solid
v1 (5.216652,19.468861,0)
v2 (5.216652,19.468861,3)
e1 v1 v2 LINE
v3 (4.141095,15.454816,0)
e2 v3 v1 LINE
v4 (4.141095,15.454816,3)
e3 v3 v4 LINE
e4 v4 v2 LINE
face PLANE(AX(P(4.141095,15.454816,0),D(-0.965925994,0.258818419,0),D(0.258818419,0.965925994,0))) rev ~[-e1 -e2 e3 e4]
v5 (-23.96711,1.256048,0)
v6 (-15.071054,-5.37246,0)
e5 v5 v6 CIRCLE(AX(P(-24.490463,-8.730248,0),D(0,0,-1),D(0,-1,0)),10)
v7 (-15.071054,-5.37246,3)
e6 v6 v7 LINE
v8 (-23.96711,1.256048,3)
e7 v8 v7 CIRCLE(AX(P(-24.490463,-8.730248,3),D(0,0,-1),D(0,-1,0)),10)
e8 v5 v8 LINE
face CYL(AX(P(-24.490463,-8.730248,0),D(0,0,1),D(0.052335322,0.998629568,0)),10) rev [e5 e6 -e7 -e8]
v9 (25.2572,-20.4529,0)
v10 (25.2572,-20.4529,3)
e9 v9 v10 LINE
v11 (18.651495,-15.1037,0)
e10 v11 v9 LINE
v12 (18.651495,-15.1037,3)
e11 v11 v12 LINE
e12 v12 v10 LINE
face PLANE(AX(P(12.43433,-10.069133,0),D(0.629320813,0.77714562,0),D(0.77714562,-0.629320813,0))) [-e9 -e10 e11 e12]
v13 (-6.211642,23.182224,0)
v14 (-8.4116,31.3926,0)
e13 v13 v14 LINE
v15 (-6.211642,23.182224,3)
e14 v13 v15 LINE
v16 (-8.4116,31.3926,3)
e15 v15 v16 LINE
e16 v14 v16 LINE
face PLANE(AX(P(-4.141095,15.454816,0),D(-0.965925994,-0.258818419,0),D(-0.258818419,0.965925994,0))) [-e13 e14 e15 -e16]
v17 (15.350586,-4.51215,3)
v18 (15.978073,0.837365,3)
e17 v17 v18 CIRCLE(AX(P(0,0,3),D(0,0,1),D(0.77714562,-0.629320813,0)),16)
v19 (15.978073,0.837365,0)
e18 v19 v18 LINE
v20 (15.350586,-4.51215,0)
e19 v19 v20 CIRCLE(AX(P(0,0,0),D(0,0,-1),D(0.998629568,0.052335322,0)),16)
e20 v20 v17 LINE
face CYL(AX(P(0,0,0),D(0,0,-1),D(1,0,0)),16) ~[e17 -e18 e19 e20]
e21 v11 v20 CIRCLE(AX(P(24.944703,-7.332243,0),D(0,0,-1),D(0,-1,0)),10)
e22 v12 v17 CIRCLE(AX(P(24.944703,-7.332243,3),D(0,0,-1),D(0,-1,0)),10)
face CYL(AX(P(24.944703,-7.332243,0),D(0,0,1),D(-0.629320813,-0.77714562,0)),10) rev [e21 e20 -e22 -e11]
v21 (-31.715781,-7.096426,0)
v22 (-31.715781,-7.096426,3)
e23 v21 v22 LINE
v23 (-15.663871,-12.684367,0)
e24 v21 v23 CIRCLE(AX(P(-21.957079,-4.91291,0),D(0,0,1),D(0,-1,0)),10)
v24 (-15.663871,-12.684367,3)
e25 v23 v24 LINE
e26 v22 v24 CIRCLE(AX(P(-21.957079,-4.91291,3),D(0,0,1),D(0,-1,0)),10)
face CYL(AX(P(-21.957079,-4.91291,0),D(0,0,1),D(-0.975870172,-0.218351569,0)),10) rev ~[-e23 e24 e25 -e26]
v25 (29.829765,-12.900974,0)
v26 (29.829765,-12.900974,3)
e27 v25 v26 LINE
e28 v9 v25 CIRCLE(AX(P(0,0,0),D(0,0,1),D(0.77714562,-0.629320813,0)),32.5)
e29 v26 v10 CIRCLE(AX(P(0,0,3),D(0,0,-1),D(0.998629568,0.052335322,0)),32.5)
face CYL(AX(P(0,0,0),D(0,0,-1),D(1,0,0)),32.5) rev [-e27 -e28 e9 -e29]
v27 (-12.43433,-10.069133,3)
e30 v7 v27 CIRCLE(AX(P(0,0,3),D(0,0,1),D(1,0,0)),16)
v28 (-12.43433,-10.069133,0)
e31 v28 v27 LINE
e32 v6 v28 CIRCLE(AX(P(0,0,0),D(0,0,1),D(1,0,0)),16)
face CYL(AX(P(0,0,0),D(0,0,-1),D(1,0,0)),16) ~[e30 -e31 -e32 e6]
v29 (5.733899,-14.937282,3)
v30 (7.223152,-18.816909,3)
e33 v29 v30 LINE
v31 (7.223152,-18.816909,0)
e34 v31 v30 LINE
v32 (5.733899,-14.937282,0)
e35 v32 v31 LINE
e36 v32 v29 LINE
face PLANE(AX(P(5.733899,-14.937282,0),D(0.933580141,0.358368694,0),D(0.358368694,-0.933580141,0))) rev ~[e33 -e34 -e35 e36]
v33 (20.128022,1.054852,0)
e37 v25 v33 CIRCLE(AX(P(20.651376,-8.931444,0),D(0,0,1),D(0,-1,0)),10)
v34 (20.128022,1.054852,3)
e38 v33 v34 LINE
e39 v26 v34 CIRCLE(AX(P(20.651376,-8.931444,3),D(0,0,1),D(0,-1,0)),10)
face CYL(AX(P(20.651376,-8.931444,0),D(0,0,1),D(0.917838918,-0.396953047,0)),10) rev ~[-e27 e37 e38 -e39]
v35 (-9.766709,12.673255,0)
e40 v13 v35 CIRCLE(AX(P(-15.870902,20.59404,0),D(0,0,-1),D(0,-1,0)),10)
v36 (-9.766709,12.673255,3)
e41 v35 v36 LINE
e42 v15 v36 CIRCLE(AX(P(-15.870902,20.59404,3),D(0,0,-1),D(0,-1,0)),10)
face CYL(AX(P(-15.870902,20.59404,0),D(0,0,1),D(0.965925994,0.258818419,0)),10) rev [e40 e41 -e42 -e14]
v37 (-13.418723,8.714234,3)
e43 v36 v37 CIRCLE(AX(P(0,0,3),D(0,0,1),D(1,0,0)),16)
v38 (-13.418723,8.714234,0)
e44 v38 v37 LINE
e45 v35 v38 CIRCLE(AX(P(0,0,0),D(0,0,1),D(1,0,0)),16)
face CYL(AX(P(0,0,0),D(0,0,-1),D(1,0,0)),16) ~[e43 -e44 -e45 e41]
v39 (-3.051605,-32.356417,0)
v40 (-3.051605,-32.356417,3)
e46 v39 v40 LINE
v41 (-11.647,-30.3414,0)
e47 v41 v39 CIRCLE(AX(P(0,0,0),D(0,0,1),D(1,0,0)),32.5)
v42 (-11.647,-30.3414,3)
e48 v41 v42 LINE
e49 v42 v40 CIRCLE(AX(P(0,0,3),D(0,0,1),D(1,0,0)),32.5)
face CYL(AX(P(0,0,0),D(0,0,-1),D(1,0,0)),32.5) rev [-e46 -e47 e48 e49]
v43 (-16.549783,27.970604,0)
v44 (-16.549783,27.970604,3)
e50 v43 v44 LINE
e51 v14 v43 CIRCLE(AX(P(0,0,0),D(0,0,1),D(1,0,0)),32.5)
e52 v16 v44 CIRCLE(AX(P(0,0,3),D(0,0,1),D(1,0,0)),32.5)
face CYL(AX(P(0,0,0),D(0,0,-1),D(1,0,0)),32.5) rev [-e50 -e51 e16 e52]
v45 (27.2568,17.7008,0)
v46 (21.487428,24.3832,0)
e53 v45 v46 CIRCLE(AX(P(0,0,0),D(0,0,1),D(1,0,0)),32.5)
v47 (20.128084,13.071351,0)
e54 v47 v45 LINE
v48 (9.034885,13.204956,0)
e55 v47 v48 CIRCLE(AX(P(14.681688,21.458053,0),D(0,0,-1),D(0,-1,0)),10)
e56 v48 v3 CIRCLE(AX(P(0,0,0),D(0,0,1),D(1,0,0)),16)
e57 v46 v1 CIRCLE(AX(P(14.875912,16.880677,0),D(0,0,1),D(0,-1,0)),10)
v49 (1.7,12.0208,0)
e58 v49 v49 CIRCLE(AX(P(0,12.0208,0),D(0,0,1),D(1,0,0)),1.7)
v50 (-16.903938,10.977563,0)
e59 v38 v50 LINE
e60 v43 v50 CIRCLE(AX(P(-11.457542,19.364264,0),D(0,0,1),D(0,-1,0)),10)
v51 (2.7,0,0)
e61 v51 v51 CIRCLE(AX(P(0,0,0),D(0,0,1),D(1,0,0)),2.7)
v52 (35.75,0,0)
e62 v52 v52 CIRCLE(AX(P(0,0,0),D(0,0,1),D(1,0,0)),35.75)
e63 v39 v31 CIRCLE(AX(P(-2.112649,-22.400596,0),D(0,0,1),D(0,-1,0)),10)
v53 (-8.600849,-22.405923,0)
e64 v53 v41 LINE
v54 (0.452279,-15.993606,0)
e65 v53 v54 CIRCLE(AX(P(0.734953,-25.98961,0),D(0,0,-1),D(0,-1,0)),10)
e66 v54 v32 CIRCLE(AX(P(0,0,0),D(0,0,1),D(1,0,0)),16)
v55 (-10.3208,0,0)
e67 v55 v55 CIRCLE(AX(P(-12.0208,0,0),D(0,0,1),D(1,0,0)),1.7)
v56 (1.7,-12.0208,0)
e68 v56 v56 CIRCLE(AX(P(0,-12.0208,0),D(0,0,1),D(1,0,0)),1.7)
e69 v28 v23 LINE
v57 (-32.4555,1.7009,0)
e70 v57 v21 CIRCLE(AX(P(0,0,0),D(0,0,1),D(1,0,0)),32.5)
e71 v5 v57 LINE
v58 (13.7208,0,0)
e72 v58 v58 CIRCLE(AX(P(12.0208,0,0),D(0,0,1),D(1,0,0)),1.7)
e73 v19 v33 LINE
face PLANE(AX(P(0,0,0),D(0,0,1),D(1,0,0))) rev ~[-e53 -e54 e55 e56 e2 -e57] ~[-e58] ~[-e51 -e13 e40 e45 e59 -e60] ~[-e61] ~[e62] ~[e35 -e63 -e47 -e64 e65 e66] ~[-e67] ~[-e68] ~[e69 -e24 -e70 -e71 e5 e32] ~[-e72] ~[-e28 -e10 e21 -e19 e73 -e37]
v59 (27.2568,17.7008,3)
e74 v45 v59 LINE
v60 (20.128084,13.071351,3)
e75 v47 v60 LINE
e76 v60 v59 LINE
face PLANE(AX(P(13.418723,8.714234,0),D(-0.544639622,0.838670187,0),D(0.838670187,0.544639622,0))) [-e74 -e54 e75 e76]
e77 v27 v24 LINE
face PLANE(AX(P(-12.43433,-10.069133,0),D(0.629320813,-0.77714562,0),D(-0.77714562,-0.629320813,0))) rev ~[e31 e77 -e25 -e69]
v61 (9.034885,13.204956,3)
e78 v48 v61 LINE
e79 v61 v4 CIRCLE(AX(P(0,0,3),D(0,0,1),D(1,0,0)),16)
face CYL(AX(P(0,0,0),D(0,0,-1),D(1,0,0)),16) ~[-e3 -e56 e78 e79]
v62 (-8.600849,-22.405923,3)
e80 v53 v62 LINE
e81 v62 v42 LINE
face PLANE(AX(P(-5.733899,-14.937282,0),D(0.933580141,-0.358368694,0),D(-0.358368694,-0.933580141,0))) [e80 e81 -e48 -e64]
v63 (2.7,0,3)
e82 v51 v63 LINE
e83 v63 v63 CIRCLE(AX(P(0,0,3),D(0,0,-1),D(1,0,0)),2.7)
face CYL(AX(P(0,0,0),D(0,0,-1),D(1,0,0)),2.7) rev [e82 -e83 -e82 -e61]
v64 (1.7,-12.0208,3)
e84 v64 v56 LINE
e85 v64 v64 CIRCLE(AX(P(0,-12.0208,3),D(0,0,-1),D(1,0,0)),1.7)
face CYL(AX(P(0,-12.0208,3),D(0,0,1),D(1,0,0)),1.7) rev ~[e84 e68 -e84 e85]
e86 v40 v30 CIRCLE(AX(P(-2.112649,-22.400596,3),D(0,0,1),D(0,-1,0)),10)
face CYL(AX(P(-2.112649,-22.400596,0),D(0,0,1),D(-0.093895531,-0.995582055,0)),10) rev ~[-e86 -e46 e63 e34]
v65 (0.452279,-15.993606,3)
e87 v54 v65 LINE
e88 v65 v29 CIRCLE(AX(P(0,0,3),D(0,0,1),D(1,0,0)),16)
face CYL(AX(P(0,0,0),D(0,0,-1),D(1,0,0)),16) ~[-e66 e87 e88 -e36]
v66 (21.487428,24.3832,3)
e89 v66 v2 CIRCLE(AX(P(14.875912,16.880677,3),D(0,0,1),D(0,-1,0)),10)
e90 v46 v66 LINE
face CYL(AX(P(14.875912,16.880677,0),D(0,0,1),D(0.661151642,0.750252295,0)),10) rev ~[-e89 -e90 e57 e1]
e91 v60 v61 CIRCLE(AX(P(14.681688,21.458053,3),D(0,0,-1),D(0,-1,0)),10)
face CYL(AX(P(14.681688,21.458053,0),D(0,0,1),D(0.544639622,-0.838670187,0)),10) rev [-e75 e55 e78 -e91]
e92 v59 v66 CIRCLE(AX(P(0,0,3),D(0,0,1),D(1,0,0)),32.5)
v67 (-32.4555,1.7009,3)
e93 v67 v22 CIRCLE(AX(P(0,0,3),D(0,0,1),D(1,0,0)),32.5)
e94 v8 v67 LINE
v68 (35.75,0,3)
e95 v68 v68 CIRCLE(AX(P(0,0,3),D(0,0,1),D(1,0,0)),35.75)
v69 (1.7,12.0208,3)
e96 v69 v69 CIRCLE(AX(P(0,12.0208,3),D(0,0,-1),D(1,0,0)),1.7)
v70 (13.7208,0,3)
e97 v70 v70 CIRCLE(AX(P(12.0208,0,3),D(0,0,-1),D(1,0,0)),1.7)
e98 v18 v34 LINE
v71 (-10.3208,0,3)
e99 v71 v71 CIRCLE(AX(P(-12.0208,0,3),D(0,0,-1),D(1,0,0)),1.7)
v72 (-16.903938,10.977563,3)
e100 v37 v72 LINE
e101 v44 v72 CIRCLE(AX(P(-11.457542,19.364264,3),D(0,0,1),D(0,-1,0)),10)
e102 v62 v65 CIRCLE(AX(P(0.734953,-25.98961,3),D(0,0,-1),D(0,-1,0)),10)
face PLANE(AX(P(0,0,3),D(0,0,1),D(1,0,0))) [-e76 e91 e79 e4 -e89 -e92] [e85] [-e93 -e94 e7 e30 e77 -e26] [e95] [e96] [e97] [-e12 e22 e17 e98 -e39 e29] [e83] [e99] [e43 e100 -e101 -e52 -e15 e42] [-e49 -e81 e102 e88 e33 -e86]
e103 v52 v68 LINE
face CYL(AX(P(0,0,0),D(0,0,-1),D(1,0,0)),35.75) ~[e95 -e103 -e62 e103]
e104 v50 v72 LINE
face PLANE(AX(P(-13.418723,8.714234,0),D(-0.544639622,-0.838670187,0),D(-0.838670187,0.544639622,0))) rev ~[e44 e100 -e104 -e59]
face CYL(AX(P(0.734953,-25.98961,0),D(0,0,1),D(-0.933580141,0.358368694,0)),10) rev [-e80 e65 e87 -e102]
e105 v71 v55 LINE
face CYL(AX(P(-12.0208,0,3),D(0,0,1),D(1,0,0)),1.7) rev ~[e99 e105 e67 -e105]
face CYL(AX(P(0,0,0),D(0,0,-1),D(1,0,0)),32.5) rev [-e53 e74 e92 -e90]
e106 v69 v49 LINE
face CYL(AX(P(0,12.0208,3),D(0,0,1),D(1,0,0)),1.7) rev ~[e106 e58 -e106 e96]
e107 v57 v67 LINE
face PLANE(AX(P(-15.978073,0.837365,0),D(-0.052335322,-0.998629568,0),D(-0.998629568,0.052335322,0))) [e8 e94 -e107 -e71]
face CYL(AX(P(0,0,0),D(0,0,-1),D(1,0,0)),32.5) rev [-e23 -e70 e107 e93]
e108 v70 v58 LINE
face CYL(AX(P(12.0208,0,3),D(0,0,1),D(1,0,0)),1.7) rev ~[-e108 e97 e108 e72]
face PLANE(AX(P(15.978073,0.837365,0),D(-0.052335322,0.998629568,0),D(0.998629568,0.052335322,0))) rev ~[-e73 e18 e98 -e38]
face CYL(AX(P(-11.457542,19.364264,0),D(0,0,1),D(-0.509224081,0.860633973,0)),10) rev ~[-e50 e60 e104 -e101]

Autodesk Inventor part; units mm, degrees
ref_plane "YZ Plane" through (0, 0, 0) normal (1, 0, 0) x (0, 1, 0)
ref_plane "XZ Plane" through (0, 0, 0) normal (0, 1, 0) x (-1, 0, 0)
ref_plane "XY Plane" through (0, 0, 0) normal (0, 0, 1) x (1, 0, 0)
sketch "Sketch1" plane through (0, 0, 0) normal (0, 0, 1) x (1, 0, 0)
  circle A0 centre (0, 0) radius 35.75
  circle A1 centre (0, 0) radius 32.5
  circle A2 centre (0, 0) radius 16
  circle A3 centre (0, 0) radius 2.7
  line L0 (0, 0) -> (-8.4116, 31.3926)
  line L1 (0, 0) -> (8.4116, 31.3926)
  line L2 (0, 0) -> (0, 4.5704)
  line L3 (0, 0) -> (-32.4555, 1.7009)
  line L4 (0, 0) -> (-27.2568, 17.7008)
  line L5 (0, 0) -> (-11.647, -30.3414)
  line L6 (0, 0) -> (-25.2572, -20.4529)
  line L7 (0, 0) -> (25.2572, -20.4529)
  line L8 (0, 0) -> (11.647, -30.3414)
  line L9 (0, 0) -> (27.2568, 17.7008)
  line L10 (0, 0) -> (32.4555, 1.7009)
  point P0 (4.1411, 15.4548)
  point P1 (13.4187, 8.7142)
  point P2 (-4.1411, 15.4548)
  point P3 (-13.4187, 8.7142)
  point P4 (12.4343, -10.0691)
  point P5 (15.9781, 0.8374)
  point P6 (-5.7339, -14.9373)
  point P7 (5.7339, -14.9373)
  point P8 (-15.9781, 0.8374)
  point P9 (-12.4343, -10.0691)
  dimension "d0" = 71.5
  dimension "d1" = 65
  dimension "d2" = 5.4
  dimension "d3" = 32
  dimension "d4" = 15
  dimension "d5" = 15
  dimension "d8" = 360
extrude "Extrusion1" add sketch "Sketch1" along normal blind 3 contours A0 | L10 A2 L9 A1 | A1 L8 A2 L7 | L10 A3 L9 A2 | A2 L7 A3 L10 | A2 L8 A3 L7 | L1 A2 L0 A1 | L9 A3 L1 A2 | A1 L6 A2 L5 | A2 L5 A3 L8 | L1 A3 L0 A2 | A2 L6 A3 L5 | L4 A2 L3 A1 | L0 A3 L4 A2 | L3 A2 L4 A3 | A3 L6 A2 L3
fillet "Fillet1" radius 10 10 edges at (8.4116, 31.3926, 1.5) (-27.2568, 17.7008, 1.5) (-25.2572, -20.4529, 1.5) (11.647, -30.3414, 1.5) (32.4555, 1.7009, 1.5) (-15.9781, 0.8374, 1.5) (-4.1411, 15.4548, 1.5) (13.4187, 8.7142, 1.5) (12.4343, -10.0691, 1.5) (-5.7339, -14.9373, 1.5)
sketch "Sketch2" plane through (0, 0, 3) normal (0, 0, 1) x (1, 0, 0)
  circle A0 centre (0, 12.0208) radius 1.7
  circle A1 centre (-12.0208, 0) radius 1.7
  circle A2 centre (0, -12.0208) radius 1.7
  circle A3 centre (12.0208, 0) radius 1.7
  line L0 (0, 12.0208) -> (-12.0208, 0)
  line L1 (-12.0208, 0) -> (0, -12.0208)
  line L2 (0, -12.0208) -> (12.0208, 0)
  line L3 (12.0208, 0) -> (0, 12.0208)
  point P0 (0, 0)
  dimension "d13" = 17
  dimension "d14" = 17
  dimension "d15" = 3.4
  dimension "d16" = 3.4
  dimension "d17" = 3.4
  dimension "d18" = 3.4
extrude "Extrusion2" cut sketch "Sketch2" against normal blind 3 contours A0 L3 L0 | L0 L3 A0 | L0 L1 A1 | A1 L1 L0 | L3 L2 A3 | A3 L2 L3 | L1 L2 A2 | A2 L2 L1
properties part number "Wheel_2D_Int"
